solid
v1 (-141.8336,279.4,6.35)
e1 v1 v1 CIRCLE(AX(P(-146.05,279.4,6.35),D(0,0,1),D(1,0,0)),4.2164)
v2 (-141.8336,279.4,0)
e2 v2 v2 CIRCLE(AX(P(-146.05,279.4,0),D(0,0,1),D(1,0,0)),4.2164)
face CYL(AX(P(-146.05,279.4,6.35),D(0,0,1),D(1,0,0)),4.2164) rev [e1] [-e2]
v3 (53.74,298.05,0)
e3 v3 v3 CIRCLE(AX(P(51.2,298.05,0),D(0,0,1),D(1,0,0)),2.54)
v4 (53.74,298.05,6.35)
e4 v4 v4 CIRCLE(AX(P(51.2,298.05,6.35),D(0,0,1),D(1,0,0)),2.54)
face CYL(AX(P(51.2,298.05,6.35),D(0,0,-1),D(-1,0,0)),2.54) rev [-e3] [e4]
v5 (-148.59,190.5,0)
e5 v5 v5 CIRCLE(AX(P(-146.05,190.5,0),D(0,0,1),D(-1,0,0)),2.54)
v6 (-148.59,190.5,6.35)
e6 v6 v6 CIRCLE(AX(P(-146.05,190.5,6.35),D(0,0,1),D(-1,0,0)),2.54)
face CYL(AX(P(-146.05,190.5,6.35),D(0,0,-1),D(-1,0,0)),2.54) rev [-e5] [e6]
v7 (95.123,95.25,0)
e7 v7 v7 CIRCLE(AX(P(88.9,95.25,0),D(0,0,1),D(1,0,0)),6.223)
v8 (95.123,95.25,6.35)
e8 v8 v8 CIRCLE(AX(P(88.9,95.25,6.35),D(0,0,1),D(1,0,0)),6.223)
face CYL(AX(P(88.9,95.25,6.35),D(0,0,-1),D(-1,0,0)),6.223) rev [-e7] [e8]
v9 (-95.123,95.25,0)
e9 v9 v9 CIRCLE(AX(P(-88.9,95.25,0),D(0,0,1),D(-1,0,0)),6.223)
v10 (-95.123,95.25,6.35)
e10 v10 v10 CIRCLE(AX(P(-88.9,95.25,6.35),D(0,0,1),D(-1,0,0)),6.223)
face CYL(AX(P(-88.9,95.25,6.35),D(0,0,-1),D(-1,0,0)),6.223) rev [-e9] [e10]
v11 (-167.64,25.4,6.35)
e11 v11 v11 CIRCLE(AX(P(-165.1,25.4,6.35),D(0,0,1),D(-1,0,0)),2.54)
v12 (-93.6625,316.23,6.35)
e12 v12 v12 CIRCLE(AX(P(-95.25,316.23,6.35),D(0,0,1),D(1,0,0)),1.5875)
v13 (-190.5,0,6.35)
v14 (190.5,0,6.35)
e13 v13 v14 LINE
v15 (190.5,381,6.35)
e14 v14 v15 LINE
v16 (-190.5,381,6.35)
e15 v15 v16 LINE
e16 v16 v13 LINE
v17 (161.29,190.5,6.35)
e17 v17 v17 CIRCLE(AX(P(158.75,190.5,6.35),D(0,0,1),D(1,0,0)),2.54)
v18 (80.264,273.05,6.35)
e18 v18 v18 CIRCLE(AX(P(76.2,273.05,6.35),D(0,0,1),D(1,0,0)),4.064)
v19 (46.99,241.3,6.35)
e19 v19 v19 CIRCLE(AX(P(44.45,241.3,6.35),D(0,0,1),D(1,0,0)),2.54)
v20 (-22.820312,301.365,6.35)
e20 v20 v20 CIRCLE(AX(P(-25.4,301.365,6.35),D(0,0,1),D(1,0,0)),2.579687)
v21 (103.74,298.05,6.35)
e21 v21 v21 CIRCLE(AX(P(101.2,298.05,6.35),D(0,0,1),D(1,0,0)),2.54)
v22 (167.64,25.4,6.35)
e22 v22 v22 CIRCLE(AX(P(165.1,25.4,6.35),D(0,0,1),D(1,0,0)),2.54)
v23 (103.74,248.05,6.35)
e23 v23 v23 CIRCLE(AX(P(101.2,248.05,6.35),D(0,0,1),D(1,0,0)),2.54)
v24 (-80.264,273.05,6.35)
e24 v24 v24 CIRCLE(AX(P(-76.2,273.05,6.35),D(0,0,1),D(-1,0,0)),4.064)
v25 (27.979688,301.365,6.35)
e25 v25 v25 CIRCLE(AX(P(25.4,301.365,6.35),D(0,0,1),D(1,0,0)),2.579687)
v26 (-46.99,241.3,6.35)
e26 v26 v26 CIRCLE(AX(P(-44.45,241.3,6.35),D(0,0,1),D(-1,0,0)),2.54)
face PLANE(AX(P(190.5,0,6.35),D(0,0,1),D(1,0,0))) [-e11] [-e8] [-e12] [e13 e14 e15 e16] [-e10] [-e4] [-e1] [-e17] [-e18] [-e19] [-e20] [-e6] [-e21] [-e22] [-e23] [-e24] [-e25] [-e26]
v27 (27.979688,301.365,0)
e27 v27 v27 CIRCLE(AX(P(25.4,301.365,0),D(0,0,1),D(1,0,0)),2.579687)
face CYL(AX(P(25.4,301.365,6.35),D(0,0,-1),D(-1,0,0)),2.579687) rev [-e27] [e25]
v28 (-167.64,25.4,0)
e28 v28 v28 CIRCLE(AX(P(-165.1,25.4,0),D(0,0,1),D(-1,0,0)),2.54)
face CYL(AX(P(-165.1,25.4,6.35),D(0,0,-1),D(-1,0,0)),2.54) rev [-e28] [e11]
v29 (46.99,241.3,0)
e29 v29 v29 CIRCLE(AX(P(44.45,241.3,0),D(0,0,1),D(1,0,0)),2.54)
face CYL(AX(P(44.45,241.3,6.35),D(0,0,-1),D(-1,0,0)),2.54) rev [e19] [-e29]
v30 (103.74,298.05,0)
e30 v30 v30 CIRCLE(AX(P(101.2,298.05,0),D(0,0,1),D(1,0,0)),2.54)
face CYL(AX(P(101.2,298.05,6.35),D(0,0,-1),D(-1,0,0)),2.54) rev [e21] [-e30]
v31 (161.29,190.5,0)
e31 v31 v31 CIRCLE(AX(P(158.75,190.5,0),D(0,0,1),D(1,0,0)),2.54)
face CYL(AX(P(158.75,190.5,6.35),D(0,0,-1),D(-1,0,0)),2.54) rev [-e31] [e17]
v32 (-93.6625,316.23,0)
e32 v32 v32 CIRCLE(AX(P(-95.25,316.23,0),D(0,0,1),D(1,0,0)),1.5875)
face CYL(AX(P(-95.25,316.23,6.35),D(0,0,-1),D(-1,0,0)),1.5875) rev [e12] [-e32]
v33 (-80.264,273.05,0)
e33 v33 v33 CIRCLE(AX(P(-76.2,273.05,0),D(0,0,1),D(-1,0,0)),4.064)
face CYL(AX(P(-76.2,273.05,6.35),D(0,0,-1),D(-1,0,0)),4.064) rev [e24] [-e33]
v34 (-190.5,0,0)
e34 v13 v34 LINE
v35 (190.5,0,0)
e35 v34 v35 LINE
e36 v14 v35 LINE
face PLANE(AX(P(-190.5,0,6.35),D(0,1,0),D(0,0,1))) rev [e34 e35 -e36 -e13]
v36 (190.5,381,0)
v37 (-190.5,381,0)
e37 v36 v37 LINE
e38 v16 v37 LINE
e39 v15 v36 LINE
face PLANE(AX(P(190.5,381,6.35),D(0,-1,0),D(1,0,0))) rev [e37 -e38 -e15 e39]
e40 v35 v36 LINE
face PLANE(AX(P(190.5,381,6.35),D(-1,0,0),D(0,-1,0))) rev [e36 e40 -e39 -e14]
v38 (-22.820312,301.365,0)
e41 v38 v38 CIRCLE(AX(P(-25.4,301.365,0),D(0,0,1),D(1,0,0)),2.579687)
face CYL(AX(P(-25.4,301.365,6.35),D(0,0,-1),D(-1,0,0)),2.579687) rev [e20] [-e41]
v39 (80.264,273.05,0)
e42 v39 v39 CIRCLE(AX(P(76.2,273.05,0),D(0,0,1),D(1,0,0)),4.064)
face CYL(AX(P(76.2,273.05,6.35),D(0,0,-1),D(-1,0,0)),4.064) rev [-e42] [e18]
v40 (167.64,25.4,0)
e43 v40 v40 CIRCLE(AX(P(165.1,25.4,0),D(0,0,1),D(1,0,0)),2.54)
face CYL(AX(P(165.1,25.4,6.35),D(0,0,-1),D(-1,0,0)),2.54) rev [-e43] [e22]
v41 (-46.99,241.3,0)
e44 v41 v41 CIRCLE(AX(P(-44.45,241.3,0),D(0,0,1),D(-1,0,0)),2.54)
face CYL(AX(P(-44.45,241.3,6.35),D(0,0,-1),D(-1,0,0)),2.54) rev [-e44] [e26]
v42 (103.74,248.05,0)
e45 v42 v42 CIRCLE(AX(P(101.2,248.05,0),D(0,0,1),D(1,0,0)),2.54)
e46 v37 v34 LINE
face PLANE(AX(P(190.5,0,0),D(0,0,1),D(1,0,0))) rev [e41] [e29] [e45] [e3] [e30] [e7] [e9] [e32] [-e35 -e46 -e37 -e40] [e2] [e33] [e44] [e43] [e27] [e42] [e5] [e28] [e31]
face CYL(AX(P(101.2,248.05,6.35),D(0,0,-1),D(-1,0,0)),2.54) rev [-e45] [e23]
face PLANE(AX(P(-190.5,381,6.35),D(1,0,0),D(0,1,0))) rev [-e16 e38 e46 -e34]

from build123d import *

# Parameters (mm, degrees)
SKETCH1_W               = 381
SKETCH1_H               = 381
SKETCH1_R               = 4.064
SKETCH1_R_2             = 2.54
SKETCH1_R_3             = 6.223
SKETCH1_R_4             = 2.5796875
SKETCH1_R_5             = 1.5875
BOSS_EXTRUDE1_DEPTH     = 6.35
F_3_8_24_TAPPED_HOLE2_D = 8.4328


with BuildPart() as part:
    # Sketch1 → Boss-Extrude1 (new body)
    with BuildSketch(Plane.XY):
        with Locations((0, 190.5)):
            Rectangle(SKETCH1_W, SKETCH1_H)
        with Locations((76.2, 273.05)):
            Circle(SKETCH1_R, mode=Mode.SUBTRACT)
        with Locations((44.45, 241.3)):
            Circle(SKETCH1_R_2, mode=Mode.SUBTRACT)
        with Locations((88.9, 95.25)):
            Circle(SKETCH1_R_3, mode=Mode.SUBTRACT)
        with Locations(Location((-165.1, 25.4, 0), (0, 0, 180))):
            Circle(SKETCH1_R_2, mode=Mode.SUBTRACT)
        with Locations((101.2, 298.05)):
            Circle(SKETCH1_R_2, mode=Mode.SUBTRACT)
        with Locations((158.75, 190.5)):
            Circle(SKETCH1_R_2, mode=Mode.SUBTRACT)
        with Locations((101.2, 248.05)):
            Circle(SKETCH1_R_2, mode=Mode.SUBTRACT)
        with Locations((165.1, 25.4)):
            Circle(SKETCH1_R_2, mode=Mode.SUBTRACT)
        with Locations(Location((-88.9, 95.25, 0), (0, 0, 180))):
            Circle(SKETCH1_R_3, mode=Mode.SUBTRACT)
        with Locations(Location((-146.05, 190.5, 0), (0, 0, 180))):
            Circle(SKETCH1_R_2, mode=Mode.SUBTRACT)
        with Locations((51.2, 298.05)):
            Circle(SKETCH1_R_2, mode=Mode.SUBTRACT)
        with Locations((-25.4, 301.365)):
            Circle(SKETCH1_R_4, mode=Mode.SUBTRACT)
        with Locations((25.4, 301.365)):
            Circle(SKETCH1_R_4, mode=Mode.SUBTRACT)
        with Locations(Location((-44.45, 241.3, 0), (0, 0, 180))):
            Circle(SKETCH1_R_2, mode=Mode.SUBTRACT)
        with Locations(Location((-76.2, 273.05, 0), (0, 0, 180))):
            Circle(SKETCH1_R, mode=Mode.SUBTRACT)
        with Locations((-95.25, 316.23)):
            Circle(SKETCH1_R_5, mode=Mode.SUBTRACT)
    extrude(amount=BOSS_EXTRUDE1_DEPTH)

    # 3/8-24 Tapped Hole2 (through all)
    with Locations(Plane.XY.offset(6.35)):
        with Locations((-146.05, 279.4)):
            Hole(F_3_8_24_TAPPED_HOLE2_D / 2)


solid = part.part
